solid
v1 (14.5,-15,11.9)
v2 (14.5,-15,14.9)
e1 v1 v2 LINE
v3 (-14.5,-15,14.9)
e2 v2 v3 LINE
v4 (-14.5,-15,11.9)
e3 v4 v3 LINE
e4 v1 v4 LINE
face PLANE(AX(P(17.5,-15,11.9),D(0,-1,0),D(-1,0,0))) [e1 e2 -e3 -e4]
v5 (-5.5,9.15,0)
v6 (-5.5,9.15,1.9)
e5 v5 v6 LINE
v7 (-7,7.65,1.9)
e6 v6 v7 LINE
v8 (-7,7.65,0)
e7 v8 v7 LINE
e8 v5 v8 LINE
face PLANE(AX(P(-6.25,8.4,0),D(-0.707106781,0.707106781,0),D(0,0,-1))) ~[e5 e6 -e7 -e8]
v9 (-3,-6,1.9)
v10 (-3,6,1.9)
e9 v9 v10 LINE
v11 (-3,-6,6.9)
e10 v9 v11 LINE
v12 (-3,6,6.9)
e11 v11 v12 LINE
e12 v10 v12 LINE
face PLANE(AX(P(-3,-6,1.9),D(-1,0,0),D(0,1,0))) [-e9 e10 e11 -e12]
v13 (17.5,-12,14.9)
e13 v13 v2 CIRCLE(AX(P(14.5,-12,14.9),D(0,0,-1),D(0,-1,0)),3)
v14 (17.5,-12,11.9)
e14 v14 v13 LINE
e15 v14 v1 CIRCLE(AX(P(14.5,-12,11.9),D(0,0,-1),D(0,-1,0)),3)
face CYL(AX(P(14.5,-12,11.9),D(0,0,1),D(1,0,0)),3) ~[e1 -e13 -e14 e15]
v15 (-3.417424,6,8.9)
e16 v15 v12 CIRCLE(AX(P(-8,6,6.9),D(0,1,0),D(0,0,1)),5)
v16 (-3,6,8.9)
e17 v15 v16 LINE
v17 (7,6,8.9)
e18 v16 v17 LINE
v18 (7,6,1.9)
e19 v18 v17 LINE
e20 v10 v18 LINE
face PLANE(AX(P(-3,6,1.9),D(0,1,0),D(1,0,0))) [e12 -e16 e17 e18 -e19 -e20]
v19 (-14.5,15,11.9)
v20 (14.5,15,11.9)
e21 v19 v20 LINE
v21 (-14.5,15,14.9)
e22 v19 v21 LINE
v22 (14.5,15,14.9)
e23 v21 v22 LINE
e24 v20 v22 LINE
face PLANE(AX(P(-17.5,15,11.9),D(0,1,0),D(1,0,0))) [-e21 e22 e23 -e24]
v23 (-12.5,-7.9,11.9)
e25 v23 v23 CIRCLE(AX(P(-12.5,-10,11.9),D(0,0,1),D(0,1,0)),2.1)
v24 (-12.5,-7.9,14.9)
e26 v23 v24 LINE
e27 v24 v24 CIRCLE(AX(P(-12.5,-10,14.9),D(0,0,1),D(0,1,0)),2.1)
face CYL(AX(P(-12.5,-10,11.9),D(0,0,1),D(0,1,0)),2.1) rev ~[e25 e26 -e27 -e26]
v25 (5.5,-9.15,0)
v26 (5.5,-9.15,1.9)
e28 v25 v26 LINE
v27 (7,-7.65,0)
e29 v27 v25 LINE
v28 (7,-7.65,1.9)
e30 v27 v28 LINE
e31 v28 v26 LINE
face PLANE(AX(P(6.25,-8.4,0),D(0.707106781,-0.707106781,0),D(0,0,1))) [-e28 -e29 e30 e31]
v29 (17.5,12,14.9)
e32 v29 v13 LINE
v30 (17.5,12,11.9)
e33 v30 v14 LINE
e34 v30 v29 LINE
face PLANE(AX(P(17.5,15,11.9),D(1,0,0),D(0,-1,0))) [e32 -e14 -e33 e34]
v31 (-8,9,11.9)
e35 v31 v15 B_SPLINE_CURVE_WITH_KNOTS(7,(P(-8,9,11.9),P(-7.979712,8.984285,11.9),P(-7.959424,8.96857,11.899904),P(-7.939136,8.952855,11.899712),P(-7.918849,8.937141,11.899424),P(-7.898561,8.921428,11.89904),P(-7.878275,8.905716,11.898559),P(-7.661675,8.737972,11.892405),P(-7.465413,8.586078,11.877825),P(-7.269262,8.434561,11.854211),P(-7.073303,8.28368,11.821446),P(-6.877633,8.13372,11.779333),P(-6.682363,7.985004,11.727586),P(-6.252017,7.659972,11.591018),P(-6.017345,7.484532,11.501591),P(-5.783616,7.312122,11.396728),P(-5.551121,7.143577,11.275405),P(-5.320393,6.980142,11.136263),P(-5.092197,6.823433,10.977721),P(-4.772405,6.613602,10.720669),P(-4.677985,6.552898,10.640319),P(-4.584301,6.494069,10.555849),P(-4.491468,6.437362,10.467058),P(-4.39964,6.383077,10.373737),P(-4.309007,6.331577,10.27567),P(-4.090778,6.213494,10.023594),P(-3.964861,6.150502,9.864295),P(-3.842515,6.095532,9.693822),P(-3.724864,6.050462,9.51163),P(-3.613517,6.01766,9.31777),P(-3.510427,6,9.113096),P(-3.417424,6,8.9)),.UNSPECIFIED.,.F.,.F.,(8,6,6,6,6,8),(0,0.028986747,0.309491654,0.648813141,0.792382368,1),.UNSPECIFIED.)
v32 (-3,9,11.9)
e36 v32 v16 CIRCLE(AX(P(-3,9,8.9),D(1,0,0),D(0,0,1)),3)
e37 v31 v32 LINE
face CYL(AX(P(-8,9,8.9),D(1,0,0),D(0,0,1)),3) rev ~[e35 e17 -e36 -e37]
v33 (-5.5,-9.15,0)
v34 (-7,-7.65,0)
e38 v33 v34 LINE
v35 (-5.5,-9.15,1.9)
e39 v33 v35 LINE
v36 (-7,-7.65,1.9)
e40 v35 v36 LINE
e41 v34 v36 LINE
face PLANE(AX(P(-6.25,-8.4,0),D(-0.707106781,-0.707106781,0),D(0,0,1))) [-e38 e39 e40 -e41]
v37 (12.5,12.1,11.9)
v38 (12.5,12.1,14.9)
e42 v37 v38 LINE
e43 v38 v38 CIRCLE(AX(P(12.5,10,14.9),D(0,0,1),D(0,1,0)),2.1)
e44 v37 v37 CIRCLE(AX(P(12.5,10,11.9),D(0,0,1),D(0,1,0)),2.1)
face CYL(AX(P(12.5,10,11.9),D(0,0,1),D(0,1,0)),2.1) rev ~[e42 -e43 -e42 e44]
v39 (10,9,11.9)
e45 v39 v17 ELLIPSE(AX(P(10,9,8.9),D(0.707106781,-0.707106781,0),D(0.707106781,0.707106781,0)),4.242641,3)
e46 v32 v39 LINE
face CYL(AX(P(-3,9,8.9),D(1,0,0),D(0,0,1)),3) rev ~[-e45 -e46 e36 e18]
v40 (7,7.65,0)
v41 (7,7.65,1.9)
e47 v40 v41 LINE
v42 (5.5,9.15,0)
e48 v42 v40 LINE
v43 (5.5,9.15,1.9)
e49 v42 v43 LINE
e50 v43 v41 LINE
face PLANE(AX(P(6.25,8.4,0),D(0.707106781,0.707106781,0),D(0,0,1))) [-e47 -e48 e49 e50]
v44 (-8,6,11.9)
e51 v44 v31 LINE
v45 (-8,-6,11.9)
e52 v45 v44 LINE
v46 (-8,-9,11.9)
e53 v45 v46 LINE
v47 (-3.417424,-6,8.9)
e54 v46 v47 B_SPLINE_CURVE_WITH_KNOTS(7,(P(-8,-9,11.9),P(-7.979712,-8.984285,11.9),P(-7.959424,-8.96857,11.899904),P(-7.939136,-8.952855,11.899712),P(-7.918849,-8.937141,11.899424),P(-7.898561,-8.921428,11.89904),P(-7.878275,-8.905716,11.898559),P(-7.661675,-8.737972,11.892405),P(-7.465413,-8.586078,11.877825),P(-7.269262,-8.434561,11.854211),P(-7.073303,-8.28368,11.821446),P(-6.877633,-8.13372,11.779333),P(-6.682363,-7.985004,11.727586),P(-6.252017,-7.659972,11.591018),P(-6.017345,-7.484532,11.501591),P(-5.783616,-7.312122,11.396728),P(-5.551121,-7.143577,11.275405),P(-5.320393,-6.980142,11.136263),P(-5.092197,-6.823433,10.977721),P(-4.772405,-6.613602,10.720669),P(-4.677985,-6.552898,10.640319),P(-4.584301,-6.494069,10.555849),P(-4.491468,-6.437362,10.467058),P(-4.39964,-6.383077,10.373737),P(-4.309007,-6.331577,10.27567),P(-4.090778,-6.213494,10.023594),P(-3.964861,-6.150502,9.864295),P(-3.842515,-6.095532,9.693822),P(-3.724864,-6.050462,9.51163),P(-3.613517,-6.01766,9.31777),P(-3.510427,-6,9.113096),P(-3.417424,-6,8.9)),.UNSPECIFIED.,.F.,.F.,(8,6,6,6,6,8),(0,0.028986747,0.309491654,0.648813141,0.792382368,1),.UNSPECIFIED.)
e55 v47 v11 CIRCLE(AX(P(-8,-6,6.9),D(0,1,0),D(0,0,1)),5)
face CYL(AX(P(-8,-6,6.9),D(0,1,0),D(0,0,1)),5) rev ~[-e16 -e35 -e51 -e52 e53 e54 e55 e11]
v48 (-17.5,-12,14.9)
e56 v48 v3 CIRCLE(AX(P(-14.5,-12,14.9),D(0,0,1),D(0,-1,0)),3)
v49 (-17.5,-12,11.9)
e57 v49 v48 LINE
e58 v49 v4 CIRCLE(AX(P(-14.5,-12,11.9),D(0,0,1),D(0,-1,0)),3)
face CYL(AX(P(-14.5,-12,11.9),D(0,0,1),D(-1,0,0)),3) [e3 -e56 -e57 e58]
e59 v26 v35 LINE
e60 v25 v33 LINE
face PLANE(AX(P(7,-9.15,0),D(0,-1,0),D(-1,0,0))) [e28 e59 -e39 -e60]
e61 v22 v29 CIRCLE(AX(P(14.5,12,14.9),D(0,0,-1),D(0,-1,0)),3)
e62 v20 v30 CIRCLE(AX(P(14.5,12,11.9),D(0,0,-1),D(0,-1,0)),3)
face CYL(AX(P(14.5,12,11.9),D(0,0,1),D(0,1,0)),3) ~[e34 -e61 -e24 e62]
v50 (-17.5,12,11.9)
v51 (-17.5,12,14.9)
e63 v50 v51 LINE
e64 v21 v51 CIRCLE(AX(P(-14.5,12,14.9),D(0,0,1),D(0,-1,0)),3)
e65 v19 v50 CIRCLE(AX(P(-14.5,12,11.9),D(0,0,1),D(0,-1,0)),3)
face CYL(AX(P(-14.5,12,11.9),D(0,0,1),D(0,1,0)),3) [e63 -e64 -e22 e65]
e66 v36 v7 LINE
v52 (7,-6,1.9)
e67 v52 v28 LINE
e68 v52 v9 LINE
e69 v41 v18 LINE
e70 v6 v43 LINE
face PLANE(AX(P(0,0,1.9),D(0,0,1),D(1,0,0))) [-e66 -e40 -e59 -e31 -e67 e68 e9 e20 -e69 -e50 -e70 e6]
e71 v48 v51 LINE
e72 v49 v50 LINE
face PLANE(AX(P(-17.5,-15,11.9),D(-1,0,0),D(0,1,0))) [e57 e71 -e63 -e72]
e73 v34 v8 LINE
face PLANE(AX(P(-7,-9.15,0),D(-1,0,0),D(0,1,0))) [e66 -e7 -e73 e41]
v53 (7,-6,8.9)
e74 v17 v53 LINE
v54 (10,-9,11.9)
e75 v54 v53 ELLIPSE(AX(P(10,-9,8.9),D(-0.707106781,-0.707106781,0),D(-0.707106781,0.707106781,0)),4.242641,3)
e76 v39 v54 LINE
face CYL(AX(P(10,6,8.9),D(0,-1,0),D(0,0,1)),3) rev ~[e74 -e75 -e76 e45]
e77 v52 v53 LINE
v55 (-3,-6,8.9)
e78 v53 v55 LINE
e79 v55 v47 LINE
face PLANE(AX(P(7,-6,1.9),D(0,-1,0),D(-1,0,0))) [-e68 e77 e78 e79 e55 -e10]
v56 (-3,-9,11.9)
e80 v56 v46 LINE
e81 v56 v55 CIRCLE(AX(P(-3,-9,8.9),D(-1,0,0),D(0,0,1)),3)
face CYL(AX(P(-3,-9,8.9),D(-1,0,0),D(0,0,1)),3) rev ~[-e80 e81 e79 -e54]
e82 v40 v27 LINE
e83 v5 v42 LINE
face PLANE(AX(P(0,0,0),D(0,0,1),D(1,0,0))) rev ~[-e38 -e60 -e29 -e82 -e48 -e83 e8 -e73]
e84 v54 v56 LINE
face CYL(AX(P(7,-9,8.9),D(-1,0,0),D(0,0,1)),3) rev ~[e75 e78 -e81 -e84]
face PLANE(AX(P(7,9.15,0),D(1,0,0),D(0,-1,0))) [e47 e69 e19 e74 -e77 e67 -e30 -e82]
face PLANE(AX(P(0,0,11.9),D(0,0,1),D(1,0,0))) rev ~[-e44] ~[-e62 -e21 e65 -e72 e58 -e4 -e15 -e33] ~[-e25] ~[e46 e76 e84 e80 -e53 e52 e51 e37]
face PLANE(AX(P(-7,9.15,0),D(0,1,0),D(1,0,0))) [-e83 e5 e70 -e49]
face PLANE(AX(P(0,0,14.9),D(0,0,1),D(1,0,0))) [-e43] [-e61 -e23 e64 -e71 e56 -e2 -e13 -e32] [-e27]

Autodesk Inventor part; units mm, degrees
ref_plane "YZ Plane" through (0, 0, 0) normal (1, 0, 0) x (0, 1, 0)
ref_plane "XZ Plane" through (0, 0, 0) normal (0, 1, 0) x (-1, 0, 0)
ref_plane "XY Plane" through (0, 0, 0) normal (0, 0, 1) x (1, 0, 0)
sketch "Skizze1" plane through (0, 0, 0) normal (0, 0, 1) x (1, 0, 0)
  line L0 (-7, 9.15) -> (7, 9.15)
  line L1 (7, 9.15) -> (7, -9.15)
  line L2 (7, -9.15) -> (-7, -9.15)
  line L3 (-7, -9.15) -> (-7, 9.15)
  line L4 (-7, 9.15) -> (7, -9.15) construction
  line L5 (7, 9.15) -> (-7, -9.15) construction
  point P0 (0, 0)
  dimension "d0" = 14
  dimension "d1" = 18.3
extrude "Extrusion1" add sketch "Skizze1" along normal blind 1.9
chamfer "Fasen1" distance 1.5 angle 45 4 edges at (-7, -9.15, 0.95) (7, -9.15, 0.95) (7, 9.15, 0.95) (-7, 9.15, 0.95)
sketch "Skizze2" plane through (0, 0, 1.9) normal (0, 0, 1) x (1, 0, 0)
  line L0 (7, -6) -> (-3, -6)
  line L1 (-3, -6) -> (-3, 6)
  line L2 (-3, 6) -> (7, 6)
  line L3 (7, 6) -> (7, -6)
  point P0 (0, 0)
  point P1 (7, 7.65)
  point P2 (-3, 0)
  dimension "d7" = 10
  dimension "d8" = 12
extrude "Extrusion2" add sketch "Skizze2" along normal blind 10
sketch "Skizze3" plane through (0, 0, 11.9) normal (0, 0, 1) x (1, 0, 0)
  line L0 (-17.5, 15) -> (17.5, 15)
  line L1 (17.5, 15) -> (17.5, -15)
  line L2 (17.5, -15) -> (-17.5, -15)
  line L3 (-17.5, -15) -> (-17.5, 15)
  line L4 (-17.5, 15) -> (17.5, -15) construction
  line L5 (17.5, 15) -> (-17.5, -15) construction
  point P0 (0, 0)
  dimension "d11" = 35
  dimension "d12" = 30
extrude "Extrusion3" add sketch "Skizze3" along normal blind 3
sketch "Skizze4" plane through (0, 0, 11.9) normal (0, 0, -1) x (-1, 0, 0)
  line L0 (12.5, -10) -> (-12.5, -10)
  line L1 (-12.5, -10) -> (-12.5, 10)
  line L2 (-12.5, 10) -> (12.5, 10)
  line L3 (12.5, 10) -> (12.5, -10)
  line L4 (12.5, -10) -> (-12.5, 10) construction
  line L5 (-12.5, -10) -> (12.5, 10) construction
  point P0 (0, 0)
  dimension "d15" = 25
  dimension "d16" = 20
hole "Bohrung1" at (-12.5, -10, 11.9) at (12.5, 10, 11.9) direction (0, 0, 1) diameter 4.2 end through all
fillet "Rundung1" radius 5 1 edges at (-3, 0, 11.9)
fillet "Rundung2" radius 3 3 edges at (2, -6, 11.9) (2, 6, 11.9) (7, 0, 11.9)
fillet "Rundung3" radius 3 4 edges at (-17.5, -15, 13.4) (-17.5, 15, 13.4) (17.5, 15, 13.4) (17.5, -15, 13.4)
properties part number "hotshouh mount"
